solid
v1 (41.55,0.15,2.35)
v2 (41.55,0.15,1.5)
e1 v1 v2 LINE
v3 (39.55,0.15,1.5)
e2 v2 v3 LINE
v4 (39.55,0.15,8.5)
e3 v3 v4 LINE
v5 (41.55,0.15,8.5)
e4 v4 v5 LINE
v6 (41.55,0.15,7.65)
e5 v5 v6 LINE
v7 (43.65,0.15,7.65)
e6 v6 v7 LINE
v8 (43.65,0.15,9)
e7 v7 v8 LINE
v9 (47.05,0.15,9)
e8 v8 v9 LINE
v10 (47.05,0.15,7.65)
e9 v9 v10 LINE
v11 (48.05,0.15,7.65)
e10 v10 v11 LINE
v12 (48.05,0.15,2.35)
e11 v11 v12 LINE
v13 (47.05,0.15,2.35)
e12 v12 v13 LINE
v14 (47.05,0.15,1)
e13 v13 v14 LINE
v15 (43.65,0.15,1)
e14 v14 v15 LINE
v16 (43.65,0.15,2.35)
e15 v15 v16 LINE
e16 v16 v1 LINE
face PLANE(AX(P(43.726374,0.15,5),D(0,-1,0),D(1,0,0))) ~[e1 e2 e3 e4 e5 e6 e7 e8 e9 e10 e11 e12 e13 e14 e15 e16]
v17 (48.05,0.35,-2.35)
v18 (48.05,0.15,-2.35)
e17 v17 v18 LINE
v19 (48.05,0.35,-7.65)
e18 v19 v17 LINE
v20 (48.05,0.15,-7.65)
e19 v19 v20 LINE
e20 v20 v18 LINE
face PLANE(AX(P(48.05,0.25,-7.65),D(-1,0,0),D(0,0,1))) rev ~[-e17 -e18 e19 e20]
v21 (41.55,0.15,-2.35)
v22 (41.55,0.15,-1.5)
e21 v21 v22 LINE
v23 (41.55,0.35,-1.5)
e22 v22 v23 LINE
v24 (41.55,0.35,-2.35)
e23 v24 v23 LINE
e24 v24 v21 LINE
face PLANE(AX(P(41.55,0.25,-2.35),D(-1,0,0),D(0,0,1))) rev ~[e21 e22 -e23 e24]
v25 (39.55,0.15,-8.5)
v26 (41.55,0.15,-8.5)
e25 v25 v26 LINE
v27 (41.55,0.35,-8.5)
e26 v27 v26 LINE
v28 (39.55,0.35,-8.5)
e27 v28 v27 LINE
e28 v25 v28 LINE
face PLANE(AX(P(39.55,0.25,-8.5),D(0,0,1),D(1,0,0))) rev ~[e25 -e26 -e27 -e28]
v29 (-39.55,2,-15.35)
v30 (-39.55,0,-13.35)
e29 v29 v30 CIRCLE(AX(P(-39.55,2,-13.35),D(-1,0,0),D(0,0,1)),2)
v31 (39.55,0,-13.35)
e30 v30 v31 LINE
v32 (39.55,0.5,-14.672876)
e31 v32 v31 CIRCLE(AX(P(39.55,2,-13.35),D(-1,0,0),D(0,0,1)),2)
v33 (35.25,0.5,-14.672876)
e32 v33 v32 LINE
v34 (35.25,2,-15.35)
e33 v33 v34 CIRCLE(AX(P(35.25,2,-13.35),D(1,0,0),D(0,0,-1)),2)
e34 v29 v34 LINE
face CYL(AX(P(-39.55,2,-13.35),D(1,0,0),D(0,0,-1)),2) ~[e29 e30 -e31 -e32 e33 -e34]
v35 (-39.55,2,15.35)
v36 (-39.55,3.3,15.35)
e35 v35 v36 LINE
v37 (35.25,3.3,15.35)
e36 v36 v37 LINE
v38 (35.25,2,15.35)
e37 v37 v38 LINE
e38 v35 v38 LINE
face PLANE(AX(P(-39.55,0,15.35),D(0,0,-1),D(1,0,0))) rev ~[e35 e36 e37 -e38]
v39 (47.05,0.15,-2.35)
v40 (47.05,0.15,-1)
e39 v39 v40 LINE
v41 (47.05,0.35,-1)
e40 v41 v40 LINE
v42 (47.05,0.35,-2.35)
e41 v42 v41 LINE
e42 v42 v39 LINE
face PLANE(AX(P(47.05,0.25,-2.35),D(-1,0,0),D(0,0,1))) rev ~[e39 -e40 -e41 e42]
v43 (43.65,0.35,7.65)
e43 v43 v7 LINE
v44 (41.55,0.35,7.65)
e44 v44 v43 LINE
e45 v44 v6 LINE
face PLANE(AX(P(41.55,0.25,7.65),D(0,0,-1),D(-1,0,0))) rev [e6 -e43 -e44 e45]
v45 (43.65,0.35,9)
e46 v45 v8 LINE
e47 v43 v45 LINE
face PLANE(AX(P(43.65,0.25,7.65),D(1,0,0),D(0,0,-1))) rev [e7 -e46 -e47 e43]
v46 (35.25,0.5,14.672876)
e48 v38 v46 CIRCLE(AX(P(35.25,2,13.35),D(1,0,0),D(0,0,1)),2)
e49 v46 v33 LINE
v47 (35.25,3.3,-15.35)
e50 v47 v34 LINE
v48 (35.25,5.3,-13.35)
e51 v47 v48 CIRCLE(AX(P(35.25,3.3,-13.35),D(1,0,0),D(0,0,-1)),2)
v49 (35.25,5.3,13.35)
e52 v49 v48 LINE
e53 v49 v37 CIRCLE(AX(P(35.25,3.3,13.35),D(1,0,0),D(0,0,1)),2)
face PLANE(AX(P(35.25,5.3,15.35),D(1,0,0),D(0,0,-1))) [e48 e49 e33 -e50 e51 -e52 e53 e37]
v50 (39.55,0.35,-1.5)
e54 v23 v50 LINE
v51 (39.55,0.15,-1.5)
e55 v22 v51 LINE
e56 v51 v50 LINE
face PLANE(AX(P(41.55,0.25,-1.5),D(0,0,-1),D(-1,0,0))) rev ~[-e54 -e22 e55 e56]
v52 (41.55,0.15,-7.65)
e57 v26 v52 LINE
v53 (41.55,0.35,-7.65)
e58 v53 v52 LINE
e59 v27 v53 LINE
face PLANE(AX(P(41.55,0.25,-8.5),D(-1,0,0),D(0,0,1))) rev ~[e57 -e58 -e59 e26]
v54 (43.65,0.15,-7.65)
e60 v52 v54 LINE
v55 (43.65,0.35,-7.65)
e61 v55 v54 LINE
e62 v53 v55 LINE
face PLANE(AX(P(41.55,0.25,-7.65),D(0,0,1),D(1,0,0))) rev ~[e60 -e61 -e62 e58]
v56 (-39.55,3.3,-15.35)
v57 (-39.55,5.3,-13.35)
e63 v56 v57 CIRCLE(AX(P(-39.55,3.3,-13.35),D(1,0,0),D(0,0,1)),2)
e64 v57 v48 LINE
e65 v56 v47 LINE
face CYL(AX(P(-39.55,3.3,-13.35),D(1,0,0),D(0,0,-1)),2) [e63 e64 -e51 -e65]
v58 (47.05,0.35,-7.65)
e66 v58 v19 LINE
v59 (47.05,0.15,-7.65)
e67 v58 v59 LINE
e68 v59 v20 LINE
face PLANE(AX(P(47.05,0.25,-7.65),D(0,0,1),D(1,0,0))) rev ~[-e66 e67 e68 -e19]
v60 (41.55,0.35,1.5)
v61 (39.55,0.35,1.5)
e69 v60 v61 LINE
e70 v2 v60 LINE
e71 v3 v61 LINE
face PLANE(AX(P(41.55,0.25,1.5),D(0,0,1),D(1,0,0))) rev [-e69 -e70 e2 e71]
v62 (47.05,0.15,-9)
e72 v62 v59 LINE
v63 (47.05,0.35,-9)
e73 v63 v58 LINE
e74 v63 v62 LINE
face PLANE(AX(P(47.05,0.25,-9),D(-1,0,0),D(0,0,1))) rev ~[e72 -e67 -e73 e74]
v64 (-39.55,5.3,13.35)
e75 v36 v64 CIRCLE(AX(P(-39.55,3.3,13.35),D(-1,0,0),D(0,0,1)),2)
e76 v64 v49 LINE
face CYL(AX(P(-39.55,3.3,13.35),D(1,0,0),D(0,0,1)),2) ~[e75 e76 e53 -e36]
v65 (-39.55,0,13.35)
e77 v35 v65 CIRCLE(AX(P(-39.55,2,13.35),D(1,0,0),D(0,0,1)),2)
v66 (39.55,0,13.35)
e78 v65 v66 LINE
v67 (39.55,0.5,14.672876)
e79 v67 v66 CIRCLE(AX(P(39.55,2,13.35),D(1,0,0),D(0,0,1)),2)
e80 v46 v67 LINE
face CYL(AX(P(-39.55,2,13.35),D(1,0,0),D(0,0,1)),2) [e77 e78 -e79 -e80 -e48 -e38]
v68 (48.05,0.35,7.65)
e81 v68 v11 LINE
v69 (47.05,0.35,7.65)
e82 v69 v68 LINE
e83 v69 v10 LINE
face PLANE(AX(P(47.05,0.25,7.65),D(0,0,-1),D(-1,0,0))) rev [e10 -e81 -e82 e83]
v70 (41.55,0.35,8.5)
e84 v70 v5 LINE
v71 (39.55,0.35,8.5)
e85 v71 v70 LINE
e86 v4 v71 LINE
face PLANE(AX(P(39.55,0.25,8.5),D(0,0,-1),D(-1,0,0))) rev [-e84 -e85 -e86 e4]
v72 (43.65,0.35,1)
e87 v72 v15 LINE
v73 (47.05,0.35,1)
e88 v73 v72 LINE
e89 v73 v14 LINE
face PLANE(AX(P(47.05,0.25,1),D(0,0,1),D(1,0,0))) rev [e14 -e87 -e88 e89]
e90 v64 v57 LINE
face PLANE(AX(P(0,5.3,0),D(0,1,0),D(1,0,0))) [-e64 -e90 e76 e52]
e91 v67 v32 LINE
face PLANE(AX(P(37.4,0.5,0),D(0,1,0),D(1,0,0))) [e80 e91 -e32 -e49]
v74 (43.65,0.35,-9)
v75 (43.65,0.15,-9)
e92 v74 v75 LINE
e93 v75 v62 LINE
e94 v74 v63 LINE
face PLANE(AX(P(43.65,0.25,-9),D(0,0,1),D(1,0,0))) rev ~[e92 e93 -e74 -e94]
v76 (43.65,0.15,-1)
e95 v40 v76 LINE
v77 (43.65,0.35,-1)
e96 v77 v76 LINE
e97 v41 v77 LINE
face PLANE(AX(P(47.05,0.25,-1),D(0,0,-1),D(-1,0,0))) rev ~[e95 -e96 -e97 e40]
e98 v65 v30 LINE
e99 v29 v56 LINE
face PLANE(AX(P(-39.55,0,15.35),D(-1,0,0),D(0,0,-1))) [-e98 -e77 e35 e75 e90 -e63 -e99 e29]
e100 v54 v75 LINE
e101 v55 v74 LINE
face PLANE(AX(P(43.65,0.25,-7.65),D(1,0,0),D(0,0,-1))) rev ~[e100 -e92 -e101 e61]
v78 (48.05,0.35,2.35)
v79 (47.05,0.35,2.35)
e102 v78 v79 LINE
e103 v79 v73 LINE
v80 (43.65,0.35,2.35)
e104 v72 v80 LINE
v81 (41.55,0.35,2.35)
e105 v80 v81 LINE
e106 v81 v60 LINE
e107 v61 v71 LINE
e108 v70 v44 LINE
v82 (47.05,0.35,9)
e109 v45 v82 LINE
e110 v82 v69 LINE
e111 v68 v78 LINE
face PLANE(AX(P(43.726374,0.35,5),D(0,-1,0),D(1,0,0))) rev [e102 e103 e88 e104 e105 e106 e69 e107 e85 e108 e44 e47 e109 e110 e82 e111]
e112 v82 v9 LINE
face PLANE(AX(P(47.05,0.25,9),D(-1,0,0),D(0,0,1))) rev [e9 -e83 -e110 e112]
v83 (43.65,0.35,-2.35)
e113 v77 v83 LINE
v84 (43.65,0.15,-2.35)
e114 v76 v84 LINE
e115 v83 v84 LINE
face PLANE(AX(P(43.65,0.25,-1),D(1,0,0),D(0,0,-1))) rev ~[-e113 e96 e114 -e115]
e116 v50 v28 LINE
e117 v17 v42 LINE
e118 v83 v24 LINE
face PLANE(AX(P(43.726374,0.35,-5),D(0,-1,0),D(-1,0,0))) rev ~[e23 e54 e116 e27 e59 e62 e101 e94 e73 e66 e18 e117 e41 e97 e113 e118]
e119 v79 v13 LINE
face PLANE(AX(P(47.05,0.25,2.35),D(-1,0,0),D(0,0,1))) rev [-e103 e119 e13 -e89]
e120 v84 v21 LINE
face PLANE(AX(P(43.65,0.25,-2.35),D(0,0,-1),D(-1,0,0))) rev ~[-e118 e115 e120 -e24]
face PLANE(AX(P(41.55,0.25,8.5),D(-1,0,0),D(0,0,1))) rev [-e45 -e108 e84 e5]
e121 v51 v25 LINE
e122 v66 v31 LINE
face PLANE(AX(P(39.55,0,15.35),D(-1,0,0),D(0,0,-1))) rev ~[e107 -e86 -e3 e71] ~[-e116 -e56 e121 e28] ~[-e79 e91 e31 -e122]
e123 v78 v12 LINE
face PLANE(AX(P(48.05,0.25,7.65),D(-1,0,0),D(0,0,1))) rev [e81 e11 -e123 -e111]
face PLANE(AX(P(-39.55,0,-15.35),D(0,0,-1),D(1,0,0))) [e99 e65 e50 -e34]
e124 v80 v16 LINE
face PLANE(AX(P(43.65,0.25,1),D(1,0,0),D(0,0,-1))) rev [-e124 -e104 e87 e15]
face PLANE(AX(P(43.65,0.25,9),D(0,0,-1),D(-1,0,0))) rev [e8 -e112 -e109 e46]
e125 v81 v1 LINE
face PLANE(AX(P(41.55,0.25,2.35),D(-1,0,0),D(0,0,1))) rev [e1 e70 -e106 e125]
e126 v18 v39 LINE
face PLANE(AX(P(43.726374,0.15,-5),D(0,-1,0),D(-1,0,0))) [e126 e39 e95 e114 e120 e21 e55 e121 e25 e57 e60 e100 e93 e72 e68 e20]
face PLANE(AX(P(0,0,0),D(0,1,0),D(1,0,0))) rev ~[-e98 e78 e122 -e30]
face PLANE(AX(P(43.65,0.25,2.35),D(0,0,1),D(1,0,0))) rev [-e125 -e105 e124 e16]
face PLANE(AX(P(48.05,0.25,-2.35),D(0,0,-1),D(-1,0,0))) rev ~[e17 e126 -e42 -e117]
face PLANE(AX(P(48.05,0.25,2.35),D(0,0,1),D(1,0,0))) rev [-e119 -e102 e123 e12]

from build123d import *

# Parameters (mm, degrees)
SKETCH1_W           = 79.1
SKETCH1_H           = 30.7
BOSS_EXTRUDE1_DEPTH = 5.3
FILLET1_R           = 2
SKETCH2_W           = 4.3
SKETCH2_H           = 30.7
CUT_EXTRUDE1_DEPTH  = 4.8
BOSS_EXTRUDE2_DEPTH = 0.1


with BuildPart() as part:
    # Sketch1 → Boss-Extrude1 (new body)
    with BuildSketch(Plane(origin=(0, 0, 0), x_dir=(1, 0, 0), z_dir=(0, 1, 0))):
        Rectangle(SKETCH1_W, SKETCH1_H)
    extrude(amount=BOSS_EXTRUDE1_DEPTH)

    # Fillet1
    fillet1_edges = [part.edges().sort_by_distance(p)[0] for p in [
        (0, 5.3, -15.35),
        (0, 0, -15.35),
        (0, 0, 15.35),
        (0, 5.3, 15.35),
    ]]
    fillet(fillet1_edges, radius=FILLET1_R)

    # Sketch2 → Cut-Extrude1 (cut)
    with BuildSketch(Plane(origin=(0, 5.3, 0), x_dir=(1, 0, 0), z_dir=(0, 1, 0))):
        with Locations((37.4, 0)):
            Rectangle(SKETCH2_W, SKETCH2_H)
    extrude(amount=-CUT_EXTRUDE1_DEPTH, mode=Mode.SUBTRACT)

    # Sketch3 → Boss-Extrude2 (add, symmetric)
    with BuildSketch(Plane(origin=(0, 0.25, 0), x_dir=(1, 0, 0), z_dir=(0, 1, 0))):
        Polygon((39.55, 8.5), (41.55, 8.5), (41.55, 7.65), (43.65, 7.65), (43.65, 9), (47.05, 9), (47.05, 7.65), (48.05, 7.65), (48.05, 2.35), (47.05, 2.35), (47.05, 1), (43.65, 1), (43.65, 2.35), (41.55, 2.35), (41.55, 1.5), (39.55, 1.5), align=None)
    boss_extrude2 = extrude(amount=BOSS_EXTRUDE2_DEPTH, both=True)

    # Mirror1: Boss-Extrude2 across plane
    add(boss_extrude2.mirror(Plane.XY))


solid = part.part
